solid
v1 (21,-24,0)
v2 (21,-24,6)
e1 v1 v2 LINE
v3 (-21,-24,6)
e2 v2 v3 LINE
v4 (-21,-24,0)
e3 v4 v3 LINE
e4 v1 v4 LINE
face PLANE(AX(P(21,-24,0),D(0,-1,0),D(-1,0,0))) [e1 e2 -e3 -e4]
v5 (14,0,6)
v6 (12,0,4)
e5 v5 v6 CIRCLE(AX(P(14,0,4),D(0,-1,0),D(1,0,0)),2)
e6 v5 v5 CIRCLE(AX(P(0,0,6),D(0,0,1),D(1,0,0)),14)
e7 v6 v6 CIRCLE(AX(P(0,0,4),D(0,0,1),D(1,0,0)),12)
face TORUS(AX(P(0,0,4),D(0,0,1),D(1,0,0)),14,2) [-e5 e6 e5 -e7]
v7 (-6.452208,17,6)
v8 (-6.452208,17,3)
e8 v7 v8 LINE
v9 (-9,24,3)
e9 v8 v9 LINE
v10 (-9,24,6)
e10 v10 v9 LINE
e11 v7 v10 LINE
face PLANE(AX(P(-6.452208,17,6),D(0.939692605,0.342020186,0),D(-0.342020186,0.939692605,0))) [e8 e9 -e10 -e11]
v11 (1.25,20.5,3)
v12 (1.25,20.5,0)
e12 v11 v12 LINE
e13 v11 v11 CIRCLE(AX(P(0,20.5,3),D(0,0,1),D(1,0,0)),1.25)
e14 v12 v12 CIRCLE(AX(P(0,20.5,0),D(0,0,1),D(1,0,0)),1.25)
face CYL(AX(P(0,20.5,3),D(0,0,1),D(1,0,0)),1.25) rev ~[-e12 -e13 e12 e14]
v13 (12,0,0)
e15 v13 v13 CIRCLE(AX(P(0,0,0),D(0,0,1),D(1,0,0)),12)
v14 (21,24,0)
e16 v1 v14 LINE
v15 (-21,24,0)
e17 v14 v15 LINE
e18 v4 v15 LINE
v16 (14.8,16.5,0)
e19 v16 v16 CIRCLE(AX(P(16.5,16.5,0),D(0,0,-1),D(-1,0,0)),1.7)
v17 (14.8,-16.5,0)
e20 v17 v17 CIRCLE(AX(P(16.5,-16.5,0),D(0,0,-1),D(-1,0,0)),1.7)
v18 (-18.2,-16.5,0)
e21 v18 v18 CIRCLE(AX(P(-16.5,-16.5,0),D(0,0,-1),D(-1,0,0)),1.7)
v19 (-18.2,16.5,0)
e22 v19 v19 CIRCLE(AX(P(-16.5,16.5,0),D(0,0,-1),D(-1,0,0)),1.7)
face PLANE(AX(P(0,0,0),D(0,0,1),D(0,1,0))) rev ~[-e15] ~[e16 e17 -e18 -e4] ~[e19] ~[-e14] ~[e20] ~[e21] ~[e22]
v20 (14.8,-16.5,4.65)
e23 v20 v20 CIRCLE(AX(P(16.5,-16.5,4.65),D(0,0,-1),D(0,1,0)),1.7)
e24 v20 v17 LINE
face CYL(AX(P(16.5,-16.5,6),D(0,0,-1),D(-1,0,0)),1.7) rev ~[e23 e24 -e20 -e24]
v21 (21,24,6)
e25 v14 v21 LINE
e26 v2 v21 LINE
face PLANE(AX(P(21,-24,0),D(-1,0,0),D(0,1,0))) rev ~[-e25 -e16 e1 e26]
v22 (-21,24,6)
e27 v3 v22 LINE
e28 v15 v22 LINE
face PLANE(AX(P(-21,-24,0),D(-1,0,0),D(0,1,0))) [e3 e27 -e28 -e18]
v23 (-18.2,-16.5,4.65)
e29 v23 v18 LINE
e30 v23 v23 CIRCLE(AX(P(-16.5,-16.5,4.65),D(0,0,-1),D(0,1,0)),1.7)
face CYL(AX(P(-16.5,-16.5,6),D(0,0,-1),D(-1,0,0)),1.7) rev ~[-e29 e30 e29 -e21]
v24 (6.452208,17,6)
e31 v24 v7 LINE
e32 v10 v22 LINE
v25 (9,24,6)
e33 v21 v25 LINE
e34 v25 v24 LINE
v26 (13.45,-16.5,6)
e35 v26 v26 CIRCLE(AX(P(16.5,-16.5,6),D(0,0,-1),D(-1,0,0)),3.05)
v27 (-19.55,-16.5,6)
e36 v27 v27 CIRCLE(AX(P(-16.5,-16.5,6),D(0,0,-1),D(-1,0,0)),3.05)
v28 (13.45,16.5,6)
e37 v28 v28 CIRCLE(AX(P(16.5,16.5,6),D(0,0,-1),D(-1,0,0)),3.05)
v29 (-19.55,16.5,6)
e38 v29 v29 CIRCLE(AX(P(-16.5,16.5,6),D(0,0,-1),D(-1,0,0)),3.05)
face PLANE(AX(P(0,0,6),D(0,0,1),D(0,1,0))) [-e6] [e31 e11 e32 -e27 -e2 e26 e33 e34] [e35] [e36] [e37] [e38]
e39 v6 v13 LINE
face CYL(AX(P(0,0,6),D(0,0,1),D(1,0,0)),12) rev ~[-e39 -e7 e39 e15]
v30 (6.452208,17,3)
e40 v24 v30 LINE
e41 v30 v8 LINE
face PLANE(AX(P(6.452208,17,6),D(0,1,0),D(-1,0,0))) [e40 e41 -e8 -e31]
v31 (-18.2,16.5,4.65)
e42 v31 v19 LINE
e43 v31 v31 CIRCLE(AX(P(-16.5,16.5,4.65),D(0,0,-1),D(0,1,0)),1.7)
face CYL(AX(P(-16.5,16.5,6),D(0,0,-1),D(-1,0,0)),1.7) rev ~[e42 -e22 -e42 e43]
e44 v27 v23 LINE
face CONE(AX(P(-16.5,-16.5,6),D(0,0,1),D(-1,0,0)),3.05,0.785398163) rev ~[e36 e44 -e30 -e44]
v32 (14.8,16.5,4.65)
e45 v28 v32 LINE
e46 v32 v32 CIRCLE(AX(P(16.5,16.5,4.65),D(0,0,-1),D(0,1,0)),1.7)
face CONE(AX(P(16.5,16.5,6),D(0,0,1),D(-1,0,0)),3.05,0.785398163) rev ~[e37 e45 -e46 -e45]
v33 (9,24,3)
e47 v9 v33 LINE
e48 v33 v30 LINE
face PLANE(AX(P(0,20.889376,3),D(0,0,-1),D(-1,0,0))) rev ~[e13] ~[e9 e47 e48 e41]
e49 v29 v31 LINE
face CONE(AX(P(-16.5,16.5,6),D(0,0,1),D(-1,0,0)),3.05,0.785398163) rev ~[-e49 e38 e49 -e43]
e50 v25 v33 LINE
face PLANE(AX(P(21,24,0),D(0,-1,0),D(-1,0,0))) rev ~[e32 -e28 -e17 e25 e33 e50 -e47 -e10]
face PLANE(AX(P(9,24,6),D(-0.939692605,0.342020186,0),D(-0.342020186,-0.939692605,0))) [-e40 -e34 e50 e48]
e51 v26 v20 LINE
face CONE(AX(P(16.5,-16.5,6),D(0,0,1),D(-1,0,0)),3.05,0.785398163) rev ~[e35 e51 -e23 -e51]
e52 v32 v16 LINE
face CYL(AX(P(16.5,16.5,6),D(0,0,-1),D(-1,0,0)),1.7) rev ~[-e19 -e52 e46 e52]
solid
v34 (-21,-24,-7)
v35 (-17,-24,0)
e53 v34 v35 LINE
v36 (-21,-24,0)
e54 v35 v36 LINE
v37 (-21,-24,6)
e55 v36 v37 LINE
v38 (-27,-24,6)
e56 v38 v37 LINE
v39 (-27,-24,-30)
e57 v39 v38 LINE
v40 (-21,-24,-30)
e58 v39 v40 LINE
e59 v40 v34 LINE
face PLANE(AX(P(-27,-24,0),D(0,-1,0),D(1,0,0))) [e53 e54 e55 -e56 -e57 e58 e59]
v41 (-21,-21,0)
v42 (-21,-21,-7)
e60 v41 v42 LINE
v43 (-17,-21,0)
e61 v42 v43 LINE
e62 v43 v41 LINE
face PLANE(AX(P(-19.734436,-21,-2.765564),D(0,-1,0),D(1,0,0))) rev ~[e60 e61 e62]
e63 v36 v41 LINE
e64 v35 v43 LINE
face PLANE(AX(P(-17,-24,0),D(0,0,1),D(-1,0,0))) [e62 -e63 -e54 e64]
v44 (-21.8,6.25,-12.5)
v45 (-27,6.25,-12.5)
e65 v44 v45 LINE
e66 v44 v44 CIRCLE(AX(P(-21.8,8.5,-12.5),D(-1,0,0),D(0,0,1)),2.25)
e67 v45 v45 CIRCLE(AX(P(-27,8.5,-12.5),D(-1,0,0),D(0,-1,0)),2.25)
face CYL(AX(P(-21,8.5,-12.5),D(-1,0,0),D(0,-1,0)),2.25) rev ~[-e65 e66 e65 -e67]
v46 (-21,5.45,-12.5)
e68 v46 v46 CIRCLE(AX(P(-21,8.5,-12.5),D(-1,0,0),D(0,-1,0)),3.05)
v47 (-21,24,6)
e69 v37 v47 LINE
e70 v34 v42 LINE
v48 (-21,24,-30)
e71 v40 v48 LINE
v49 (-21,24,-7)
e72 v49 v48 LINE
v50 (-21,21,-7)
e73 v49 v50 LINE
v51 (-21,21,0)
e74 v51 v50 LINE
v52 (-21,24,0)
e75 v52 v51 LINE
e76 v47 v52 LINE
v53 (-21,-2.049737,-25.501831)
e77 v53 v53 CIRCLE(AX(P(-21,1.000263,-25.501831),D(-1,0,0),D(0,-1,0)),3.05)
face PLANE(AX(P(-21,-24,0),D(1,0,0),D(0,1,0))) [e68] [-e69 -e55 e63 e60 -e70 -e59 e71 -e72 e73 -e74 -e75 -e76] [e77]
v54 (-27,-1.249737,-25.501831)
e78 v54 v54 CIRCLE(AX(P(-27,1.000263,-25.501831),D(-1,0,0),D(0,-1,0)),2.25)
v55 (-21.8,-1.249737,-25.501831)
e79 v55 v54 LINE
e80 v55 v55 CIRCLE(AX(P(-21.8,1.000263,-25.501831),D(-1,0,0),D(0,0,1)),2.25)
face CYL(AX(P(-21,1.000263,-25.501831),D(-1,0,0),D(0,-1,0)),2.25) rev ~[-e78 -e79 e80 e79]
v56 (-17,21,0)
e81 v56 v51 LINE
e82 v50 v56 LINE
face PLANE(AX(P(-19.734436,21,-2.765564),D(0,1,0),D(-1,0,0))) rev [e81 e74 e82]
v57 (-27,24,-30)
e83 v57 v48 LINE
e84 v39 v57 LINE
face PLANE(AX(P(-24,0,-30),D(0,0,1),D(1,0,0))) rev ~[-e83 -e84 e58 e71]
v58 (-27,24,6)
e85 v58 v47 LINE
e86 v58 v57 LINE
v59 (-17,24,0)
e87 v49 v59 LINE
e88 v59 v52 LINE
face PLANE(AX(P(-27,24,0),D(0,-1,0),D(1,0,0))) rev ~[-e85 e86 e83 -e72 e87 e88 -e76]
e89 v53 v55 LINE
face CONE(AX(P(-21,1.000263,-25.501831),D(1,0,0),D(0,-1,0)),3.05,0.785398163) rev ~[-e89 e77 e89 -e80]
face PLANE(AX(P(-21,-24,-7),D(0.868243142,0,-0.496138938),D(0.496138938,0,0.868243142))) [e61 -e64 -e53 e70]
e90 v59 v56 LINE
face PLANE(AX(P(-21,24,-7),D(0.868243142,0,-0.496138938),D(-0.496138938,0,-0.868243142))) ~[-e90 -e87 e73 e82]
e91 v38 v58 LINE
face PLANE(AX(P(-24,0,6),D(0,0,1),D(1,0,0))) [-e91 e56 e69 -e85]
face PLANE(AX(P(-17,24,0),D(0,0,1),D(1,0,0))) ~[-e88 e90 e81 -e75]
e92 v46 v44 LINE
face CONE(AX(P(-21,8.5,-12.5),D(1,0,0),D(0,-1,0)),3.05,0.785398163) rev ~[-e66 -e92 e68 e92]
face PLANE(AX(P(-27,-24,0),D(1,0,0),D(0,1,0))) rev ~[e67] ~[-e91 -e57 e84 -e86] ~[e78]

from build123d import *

# Parameters (mm, degrees)
BINDER012_W         = 48
BINDER012_H         = 42
PAD006_DEPTH        = 6
HOLE005_D           = 3.4
HOLE005_CSINK_D     = 6.1
HOLE005_CSINK_ANGLE = 90
SKETCH022_R         = 12
POCKET005_DEPTH     = 6.001
FILLET002_R         = 2
POCKET010_DEPTH     = 3
SKETCH037_R         = 1.25
POCKET011_DEPTH     = 3.001
SKETCH020_W         = 6
SKETCH020_H         = 48
PAD007_DEPTH        = 6
PAD007_DEPTH_BACK   = 30
PAD008_DEPTH        = 3
HOLE010_D           = 4.5
HOLE010_DEPTH       = 25
HOLE010_CSINK_D     = 6.1
HOLE010_CSINK_ANGLE = 90


with BuildPart() as body009:
    # Binder012 → Pad006 (new body)
    with BuildSketch(Plane(origin=(0, 0, 0), x_dir=(0, 1, 0), z_dir=(0, 0, 1))):
        Rectangle(BINDER012_W, BINDER012_H)
    extrude(amount=PAD006_DEPTH)

    # Hole005 (through all)
    with Locations(Plane.XY.offset(6)):
        with Locations((-16.5, 16.5), (-16.5, -16.5), (16.5, -16.5), (16.5, 16.5)):
            CounterSinkHole(HOLE005_D / 2, HOLE005_CSINK_D / 2, counter_sink_angle=HOLE005_CSINK_ANGLE)

    # Sketch022 (on Face5 of Hole005) → Pocket005 (cut, through all)
    with BuildSketch(Plane.XY.offset(6)):
        Circle(SKETCH022_R)
    extrude(amount=-POCKET005_DEPTH, mode=Mode.SUBTRACT)

    # Fillet002
    fillet002_edges = [body009.edges().sort_by_distance(p)[0] for p in [
        (-12, 0, 6),
    ]]
    fillet(fillet002_edges, radius=FILLET002_R)

    # Sketch023 (on Face1 of Fillet002) → Pocket010 (cut)
    with BuildSketch(Plane.XY.offset(6)):
        Polygon((-9, 24), (9, 24), (6.452208, 17), (-6.452208, 17), align=None)
    extrude(amount=-POCKET010_DEPTH, mode=Mode.SUBTRACT)

    # Sketch037 (on Face15 of Pocket010) → Pocket011 (cut, through all)
    with BuildSketch(Plane.XY.offset(3)):
        with Locations((0, 20.5)):
            Circle(SKETCH037_R)
    extrude(amount=-POCKET011_DEPTH, mode=Mode.SUBTRACT)


with BuildPart() as body010:
    # Sketch020 (on Face1 of Binder013) → Pad007 (new body, two sides)
    with BuildSketch(Plane.XY) as pad007_sk:
        with Locations((-24, 0)):
            Rectangle(SKETCH020_W, SKETCH020_H)
    extrude(amount=PAD007_DEPTH)
    extrude(pad007_sk.sketch, amount=-PAD007_DEPTH_BACK)

    # Sketch021 (on Face3 of Pad007) → Pad008 (join)
    with BuildSketch(Plane.XZ.offset(24)):
        Polygon((-21, 0), (-21, -7), (-17, 0), align=None)
    pad008 = extrude(amount=-PAD008_DEPTH)

    # Mirrored002: Pad008 across XZ
    add(pad008.mirror(Plane.XZ))

    # Hole010
    with Locations(Plane(origin=(-21, 191, 0), x_dir=(0, 1, 0), z_dir=(1, 0, 0))):
        with Locations((-189.999737, -25.501831), (-182.5, -12.5)):
            CounterSinkHole(HOLE010_D / 2, HOLE010_CSINK_D / 2, depth=HOLE010_DEPTH, counter_sink_angle=HOLE010_CSINK_ANGLE)


solid = Compound([body009.part, body010.part])
